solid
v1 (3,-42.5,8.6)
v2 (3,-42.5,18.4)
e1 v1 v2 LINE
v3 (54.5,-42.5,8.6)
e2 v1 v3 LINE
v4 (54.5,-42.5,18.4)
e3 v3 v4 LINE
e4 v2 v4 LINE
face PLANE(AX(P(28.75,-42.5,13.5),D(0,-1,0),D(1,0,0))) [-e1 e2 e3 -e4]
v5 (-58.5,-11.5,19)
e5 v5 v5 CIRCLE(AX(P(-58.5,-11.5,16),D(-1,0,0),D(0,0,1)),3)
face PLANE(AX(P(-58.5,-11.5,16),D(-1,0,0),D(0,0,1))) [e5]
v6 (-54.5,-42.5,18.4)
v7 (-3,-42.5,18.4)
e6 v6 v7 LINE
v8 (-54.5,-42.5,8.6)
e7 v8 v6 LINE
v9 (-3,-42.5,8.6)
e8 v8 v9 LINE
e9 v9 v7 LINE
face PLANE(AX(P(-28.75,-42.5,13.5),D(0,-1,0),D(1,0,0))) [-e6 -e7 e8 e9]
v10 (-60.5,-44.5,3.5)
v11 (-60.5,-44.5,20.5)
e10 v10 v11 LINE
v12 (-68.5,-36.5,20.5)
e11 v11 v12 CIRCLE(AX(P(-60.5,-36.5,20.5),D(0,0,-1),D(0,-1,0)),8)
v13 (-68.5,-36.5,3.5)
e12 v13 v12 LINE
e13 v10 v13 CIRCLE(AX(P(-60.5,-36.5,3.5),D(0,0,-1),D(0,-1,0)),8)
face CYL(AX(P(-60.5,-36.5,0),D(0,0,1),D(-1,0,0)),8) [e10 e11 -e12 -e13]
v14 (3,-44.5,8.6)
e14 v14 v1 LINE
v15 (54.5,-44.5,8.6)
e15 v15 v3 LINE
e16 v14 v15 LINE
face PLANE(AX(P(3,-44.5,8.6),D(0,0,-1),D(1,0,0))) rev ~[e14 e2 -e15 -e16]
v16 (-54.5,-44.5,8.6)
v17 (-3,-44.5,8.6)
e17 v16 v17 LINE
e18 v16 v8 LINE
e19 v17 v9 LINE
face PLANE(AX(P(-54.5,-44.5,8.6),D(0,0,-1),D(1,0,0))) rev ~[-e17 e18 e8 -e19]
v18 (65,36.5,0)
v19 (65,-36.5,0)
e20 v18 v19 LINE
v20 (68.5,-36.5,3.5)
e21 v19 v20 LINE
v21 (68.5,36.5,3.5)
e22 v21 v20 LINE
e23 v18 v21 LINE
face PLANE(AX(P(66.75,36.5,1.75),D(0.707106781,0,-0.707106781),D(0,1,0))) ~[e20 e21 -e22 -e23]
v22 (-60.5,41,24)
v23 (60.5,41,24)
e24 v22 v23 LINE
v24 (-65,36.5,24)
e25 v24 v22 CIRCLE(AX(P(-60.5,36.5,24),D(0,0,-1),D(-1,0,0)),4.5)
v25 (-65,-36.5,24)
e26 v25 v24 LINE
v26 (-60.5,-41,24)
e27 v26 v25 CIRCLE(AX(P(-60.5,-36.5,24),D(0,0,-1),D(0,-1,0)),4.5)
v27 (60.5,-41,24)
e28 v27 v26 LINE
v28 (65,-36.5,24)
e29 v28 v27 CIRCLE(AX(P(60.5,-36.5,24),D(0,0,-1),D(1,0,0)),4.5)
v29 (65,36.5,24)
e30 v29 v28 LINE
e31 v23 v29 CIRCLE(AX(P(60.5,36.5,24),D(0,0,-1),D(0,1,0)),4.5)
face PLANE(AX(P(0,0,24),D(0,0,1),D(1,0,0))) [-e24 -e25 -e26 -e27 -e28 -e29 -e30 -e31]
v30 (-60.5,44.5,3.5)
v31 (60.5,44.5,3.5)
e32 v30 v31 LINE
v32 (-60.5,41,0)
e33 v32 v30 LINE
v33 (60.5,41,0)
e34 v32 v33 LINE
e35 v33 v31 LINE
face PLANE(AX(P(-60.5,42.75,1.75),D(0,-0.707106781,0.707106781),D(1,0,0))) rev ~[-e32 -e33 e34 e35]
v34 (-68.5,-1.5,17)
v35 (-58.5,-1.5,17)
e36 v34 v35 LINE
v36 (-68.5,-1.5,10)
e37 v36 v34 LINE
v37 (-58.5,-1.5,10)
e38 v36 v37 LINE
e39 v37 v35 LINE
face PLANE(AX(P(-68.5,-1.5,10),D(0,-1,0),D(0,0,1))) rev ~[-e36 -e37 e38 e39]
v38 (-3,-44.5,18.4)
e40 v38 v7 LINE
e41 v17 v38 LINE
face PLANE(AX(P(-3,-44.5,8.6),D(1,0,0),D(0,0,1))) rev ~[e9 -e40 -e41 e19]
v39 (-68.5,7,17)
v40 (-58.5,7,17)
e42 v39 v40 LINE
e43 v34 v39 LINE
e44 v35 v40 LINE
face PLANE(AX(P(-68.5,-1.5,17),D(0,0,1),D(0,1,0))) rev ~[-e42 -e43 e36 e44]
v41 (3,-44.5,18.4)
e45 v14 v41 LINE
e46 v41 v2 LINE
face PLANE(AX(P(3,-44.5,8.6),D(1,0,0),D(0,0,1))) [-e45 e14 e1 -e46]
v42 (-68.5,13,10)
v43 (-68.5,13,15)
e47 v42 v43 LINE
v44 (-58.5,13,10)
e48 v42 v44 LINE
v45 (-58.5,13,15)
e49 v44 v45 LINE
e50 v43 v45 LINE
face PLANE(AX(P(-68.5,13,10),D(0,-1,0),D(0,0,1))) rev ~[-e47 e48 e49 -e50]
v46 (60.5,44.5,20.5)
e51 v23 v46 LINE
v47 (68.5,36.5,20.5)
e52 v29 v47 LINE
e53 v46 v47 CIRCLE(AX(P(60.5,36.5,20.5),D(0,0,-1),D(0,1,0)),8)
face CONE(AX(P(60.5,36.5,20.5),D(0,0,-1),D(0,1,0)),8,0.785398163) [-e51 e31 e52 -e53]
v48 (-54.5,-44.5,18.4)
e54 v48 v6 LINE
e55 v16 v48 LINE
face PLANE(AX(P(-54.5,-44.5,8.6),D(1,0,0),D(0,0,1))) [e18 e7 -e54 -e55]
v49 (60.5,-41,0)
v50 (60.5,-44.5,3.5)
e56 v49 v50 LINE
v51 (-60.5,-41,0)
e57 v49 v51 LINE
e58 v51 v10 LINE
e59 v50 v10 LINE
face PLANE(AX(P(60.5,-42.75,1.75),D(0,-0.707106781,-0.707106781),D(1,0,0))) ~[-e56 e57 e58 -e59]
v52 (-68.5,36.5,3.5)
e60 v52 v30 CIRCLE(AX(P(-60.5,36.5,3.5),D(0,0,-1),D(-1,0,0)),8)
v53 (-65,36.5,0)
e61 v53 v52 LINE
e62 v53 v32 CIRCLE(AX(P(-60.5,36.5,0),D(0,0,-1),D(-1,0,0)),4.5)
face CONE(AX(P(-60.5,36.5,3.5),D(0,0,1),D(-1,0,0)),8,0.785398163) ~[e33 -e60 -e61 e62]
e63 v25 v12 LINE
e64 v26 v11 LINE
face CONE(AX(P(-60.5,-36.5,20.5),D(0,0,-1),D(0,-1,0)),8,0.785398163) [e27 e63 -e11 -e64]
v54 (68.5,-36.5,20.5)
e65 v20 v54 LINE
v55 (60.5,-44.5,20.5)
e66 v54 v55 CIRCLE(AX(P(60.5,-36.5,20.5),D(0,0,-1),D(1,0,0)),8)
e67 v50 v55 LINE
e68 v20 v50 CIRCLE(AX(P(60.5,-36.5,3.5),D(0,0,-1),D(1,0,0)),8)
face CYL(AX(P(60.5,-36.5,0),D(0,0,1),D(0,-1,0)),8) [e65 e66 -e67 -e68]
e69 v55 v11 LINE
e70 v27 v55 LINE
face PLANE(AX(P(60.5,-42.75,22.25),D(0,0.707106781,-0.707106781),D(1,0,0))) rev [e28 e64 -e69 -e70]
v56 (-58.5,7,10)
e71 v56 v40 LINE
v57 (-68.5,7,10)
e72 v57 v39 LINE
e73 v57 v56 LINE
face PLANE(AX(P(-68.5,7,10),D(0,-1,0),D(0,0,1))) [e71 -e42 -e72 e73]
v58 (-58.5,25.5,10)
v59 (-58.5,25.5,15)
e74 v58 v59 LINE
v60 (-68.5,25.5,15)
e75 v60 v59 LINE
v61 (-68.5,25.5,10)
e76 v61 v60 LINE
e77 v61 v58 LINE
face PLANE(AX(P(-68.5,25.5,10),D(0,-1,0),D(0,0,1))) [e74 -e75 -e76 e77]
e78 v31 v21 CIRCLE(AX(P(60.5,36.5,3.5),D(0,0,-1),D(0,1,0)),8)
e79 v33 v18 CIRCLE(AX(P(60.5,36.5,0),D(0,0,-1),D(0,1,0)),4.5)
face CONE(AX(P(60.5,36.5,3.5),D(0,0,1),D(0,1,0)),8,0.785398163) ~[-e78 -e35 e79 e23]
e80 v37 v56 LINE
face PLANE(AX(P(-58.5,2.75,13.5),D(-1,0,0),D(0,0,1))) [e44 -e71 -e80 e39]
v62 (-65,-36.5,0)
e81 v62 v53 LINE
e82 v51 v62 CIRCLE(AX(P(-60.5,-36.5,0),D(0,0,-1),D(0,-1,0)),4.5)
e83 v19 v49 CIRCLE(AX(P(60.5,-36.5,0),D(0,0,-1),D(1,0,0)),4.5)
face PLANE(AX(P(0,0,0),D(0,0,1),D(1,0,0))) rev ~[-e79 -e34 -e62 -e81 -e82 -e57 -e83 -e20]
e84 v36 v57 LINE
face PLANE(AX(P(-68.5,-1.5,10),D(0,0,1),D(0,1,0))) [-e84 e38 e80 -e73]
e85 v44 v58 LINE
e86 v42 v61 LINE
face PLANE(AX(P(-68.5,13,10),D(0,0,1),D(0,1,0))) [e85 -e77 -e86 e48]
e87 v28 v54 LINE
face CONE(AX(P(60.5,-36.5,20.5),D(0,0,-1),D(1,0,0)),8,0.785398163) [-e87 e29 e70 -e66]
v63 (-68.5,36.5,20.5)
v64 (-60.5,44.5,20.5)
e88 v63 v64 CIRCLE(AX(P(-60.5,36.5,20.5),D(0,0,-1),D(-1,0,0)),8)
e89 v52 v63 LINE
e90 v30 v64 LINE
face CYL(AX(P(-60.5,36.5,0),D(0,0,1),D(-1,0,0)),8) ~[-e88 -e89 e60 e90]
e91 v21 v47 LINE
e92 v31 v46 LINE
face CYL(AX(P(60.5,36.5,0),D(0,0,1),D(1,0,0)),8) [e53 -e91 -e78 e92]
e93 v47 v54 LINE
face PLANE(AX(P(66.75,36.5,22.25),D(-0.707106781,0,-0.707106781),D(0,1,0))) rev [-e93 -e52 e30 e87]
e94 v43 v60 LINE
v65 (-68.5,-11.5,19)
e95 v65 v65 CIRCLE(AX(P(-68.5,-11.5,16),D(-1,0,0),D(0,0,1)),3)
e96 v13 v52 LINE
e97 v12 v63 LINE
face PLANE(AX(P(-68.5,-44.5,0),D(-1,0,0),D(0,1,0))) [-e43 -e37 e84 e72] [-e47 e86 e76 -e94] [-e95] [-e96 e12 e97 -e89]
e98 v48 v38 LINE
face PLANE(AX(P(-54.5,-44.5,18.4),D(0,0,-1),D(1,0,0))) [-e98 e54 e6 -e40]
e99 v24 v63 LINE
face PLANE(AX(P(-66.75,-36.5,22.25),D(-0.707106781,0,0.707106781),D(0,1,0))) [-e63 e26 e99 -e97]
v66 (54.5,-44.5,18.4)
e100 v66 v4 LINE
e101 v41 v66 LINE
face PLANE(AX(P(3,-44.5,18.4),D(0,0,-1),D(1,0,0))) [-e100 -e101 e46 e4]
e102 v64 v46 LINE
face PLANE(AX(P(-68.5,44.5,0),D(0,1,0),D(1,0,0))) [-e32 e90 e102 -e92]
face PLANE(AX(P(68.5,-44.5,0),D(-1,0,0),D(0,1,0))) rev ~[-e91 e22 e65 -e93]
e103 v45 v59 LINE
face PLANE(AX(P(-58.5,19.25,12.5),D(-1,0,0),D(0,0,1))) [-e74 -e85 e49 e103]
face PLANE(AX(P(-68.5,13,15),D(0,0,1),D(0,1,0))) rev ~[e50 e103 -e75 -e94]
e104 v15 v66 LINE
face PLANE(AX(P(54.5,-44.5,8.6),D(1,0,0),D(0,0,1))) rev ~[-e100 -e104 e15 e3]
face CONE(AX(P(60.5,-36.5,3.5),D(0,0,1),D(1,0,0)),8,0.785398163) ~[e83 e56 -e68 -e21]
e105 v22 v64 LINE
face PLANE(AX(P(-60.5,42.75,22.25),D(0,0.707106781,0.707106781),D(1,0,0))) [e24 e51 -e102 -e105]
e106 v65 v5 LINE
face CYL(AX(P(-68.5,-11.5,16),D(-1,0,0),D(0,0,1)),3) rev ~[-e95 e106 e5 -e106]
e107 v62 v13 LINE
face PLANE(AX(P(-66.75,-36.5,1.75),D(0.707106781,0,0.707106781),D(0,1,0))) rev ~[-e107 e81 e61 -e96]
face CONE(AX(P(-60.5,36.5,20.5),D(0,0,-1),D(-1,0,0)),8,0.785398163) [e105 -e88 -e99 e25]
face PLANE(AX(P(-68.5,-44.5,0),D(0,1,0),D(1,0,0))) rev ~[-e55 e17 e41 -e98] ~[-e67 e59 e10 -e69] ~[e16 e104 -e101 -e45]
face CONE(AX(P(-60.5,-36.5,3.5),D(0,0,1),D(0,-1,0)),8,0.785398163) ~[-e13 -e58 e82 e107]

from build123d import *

# Parameters (mm, degrees)
SKETCH1_W           = 137
SKETCH1_H           = 89
BOSS_EXTRUDE1_DEPTH = 24
FILLET2_R           = 8
CHAMFER2_SIZE       = 3.5
SKETCH2_W           = 51.5
SKETCH2_H           = 9.8
CUT_EXTRUDE1_DEPTH  = 2
SKETCH3_R           = 3
SKETCH3_W           = 5
SKETCH3_H           = 12.5
SKETCH3_W_2         = 7
SKETCH3_H_2         = 8.5
CUT_EXTRUDE2_DEPTH  = 10


with BuildPart() as part:
    # Sketch1 → Boss-Extrude1 (new body)
    with BuildSketch(Plane.XY):
        Rectangle(SKETCH1_W, SKETCH1_H)
    extrude(amount=BOSS_EXTRUDE1_DEPTH)

    # Fillet2
    fillet2_edges = [part.edges().sort_by_distance(p)[0] for p in [
        (-68.5, 44.5, 12),
        (68.5, 44.5, 12),
        (68.5, -44.5, 12),
        (-68.5, -44.5, 12),
    ]]
    fillet(fillet2_edges, radius=FILLET2_R)

    # Chamfer2
    chamfer2_edges = [part.edges().sort_by_distance(p)[0] for p in [
        (0, 44.5, 0),
        (0, 44.5, 24),
        (-68.5, 0, 0),
        (68.5, 0, 0),
        (0, -44.5, 0),
        (-66.156854249, 42.156854249, 0),
        (-66.156854249, -42.156854249, 0),
        (66.156854249, -42.156854249, 0),
        (66.156854249, 42.156854249, 0),
        (68.5, 0, 24),
        (-68.5, 0, 24),
        (0, -44.5, 24),
        (-66.156854249, 42.156854249, 24),
        (-66.156854249, -42.156854249, 24),
        (66.156854249, -42.156854249, 24),
        (66.156854249, 42.156854249, 24),
    ]]
    chamfer(chamfer2_edges, length=CHAMFER2_SIZE)

    # Sketch2 → Cut-Extrude1 (cut)
    with BuildSketch(Plane.XZ.offset(44.5)):
        with Locations((-28.75, 13.5)):
            Rectangle(SKETCH2_W, SKETCH2_H)
        with Locations((28.75, 13.5)):
            Rectangle(SKETCH2_W, SKETCH2_H)
    extrude(amount=-CUT_EXTRUDE1_DEPTH, mode=Mode.SUBTRACT)

    # Sketch3 → Cut-Extrude2 (cut)
    with BuildSketch(Plane.ZY.offset(68.5)):
        with Locations((16, -11.5)):
            Circle(SKETCH3_R)
        with Locations((12.5, 19.25)):
            Rectangle(SKETCH3_W, SKETCH3_H)
        with Locations((13.5, 2.75)):
            Rectangle(SKETCH3_W_2, SKETCH3_H_2)
    extrude(amount=-CUT_EXTRUDE2_DEPTH, mode=Mode.SUBTRACT)


solid = part.part
